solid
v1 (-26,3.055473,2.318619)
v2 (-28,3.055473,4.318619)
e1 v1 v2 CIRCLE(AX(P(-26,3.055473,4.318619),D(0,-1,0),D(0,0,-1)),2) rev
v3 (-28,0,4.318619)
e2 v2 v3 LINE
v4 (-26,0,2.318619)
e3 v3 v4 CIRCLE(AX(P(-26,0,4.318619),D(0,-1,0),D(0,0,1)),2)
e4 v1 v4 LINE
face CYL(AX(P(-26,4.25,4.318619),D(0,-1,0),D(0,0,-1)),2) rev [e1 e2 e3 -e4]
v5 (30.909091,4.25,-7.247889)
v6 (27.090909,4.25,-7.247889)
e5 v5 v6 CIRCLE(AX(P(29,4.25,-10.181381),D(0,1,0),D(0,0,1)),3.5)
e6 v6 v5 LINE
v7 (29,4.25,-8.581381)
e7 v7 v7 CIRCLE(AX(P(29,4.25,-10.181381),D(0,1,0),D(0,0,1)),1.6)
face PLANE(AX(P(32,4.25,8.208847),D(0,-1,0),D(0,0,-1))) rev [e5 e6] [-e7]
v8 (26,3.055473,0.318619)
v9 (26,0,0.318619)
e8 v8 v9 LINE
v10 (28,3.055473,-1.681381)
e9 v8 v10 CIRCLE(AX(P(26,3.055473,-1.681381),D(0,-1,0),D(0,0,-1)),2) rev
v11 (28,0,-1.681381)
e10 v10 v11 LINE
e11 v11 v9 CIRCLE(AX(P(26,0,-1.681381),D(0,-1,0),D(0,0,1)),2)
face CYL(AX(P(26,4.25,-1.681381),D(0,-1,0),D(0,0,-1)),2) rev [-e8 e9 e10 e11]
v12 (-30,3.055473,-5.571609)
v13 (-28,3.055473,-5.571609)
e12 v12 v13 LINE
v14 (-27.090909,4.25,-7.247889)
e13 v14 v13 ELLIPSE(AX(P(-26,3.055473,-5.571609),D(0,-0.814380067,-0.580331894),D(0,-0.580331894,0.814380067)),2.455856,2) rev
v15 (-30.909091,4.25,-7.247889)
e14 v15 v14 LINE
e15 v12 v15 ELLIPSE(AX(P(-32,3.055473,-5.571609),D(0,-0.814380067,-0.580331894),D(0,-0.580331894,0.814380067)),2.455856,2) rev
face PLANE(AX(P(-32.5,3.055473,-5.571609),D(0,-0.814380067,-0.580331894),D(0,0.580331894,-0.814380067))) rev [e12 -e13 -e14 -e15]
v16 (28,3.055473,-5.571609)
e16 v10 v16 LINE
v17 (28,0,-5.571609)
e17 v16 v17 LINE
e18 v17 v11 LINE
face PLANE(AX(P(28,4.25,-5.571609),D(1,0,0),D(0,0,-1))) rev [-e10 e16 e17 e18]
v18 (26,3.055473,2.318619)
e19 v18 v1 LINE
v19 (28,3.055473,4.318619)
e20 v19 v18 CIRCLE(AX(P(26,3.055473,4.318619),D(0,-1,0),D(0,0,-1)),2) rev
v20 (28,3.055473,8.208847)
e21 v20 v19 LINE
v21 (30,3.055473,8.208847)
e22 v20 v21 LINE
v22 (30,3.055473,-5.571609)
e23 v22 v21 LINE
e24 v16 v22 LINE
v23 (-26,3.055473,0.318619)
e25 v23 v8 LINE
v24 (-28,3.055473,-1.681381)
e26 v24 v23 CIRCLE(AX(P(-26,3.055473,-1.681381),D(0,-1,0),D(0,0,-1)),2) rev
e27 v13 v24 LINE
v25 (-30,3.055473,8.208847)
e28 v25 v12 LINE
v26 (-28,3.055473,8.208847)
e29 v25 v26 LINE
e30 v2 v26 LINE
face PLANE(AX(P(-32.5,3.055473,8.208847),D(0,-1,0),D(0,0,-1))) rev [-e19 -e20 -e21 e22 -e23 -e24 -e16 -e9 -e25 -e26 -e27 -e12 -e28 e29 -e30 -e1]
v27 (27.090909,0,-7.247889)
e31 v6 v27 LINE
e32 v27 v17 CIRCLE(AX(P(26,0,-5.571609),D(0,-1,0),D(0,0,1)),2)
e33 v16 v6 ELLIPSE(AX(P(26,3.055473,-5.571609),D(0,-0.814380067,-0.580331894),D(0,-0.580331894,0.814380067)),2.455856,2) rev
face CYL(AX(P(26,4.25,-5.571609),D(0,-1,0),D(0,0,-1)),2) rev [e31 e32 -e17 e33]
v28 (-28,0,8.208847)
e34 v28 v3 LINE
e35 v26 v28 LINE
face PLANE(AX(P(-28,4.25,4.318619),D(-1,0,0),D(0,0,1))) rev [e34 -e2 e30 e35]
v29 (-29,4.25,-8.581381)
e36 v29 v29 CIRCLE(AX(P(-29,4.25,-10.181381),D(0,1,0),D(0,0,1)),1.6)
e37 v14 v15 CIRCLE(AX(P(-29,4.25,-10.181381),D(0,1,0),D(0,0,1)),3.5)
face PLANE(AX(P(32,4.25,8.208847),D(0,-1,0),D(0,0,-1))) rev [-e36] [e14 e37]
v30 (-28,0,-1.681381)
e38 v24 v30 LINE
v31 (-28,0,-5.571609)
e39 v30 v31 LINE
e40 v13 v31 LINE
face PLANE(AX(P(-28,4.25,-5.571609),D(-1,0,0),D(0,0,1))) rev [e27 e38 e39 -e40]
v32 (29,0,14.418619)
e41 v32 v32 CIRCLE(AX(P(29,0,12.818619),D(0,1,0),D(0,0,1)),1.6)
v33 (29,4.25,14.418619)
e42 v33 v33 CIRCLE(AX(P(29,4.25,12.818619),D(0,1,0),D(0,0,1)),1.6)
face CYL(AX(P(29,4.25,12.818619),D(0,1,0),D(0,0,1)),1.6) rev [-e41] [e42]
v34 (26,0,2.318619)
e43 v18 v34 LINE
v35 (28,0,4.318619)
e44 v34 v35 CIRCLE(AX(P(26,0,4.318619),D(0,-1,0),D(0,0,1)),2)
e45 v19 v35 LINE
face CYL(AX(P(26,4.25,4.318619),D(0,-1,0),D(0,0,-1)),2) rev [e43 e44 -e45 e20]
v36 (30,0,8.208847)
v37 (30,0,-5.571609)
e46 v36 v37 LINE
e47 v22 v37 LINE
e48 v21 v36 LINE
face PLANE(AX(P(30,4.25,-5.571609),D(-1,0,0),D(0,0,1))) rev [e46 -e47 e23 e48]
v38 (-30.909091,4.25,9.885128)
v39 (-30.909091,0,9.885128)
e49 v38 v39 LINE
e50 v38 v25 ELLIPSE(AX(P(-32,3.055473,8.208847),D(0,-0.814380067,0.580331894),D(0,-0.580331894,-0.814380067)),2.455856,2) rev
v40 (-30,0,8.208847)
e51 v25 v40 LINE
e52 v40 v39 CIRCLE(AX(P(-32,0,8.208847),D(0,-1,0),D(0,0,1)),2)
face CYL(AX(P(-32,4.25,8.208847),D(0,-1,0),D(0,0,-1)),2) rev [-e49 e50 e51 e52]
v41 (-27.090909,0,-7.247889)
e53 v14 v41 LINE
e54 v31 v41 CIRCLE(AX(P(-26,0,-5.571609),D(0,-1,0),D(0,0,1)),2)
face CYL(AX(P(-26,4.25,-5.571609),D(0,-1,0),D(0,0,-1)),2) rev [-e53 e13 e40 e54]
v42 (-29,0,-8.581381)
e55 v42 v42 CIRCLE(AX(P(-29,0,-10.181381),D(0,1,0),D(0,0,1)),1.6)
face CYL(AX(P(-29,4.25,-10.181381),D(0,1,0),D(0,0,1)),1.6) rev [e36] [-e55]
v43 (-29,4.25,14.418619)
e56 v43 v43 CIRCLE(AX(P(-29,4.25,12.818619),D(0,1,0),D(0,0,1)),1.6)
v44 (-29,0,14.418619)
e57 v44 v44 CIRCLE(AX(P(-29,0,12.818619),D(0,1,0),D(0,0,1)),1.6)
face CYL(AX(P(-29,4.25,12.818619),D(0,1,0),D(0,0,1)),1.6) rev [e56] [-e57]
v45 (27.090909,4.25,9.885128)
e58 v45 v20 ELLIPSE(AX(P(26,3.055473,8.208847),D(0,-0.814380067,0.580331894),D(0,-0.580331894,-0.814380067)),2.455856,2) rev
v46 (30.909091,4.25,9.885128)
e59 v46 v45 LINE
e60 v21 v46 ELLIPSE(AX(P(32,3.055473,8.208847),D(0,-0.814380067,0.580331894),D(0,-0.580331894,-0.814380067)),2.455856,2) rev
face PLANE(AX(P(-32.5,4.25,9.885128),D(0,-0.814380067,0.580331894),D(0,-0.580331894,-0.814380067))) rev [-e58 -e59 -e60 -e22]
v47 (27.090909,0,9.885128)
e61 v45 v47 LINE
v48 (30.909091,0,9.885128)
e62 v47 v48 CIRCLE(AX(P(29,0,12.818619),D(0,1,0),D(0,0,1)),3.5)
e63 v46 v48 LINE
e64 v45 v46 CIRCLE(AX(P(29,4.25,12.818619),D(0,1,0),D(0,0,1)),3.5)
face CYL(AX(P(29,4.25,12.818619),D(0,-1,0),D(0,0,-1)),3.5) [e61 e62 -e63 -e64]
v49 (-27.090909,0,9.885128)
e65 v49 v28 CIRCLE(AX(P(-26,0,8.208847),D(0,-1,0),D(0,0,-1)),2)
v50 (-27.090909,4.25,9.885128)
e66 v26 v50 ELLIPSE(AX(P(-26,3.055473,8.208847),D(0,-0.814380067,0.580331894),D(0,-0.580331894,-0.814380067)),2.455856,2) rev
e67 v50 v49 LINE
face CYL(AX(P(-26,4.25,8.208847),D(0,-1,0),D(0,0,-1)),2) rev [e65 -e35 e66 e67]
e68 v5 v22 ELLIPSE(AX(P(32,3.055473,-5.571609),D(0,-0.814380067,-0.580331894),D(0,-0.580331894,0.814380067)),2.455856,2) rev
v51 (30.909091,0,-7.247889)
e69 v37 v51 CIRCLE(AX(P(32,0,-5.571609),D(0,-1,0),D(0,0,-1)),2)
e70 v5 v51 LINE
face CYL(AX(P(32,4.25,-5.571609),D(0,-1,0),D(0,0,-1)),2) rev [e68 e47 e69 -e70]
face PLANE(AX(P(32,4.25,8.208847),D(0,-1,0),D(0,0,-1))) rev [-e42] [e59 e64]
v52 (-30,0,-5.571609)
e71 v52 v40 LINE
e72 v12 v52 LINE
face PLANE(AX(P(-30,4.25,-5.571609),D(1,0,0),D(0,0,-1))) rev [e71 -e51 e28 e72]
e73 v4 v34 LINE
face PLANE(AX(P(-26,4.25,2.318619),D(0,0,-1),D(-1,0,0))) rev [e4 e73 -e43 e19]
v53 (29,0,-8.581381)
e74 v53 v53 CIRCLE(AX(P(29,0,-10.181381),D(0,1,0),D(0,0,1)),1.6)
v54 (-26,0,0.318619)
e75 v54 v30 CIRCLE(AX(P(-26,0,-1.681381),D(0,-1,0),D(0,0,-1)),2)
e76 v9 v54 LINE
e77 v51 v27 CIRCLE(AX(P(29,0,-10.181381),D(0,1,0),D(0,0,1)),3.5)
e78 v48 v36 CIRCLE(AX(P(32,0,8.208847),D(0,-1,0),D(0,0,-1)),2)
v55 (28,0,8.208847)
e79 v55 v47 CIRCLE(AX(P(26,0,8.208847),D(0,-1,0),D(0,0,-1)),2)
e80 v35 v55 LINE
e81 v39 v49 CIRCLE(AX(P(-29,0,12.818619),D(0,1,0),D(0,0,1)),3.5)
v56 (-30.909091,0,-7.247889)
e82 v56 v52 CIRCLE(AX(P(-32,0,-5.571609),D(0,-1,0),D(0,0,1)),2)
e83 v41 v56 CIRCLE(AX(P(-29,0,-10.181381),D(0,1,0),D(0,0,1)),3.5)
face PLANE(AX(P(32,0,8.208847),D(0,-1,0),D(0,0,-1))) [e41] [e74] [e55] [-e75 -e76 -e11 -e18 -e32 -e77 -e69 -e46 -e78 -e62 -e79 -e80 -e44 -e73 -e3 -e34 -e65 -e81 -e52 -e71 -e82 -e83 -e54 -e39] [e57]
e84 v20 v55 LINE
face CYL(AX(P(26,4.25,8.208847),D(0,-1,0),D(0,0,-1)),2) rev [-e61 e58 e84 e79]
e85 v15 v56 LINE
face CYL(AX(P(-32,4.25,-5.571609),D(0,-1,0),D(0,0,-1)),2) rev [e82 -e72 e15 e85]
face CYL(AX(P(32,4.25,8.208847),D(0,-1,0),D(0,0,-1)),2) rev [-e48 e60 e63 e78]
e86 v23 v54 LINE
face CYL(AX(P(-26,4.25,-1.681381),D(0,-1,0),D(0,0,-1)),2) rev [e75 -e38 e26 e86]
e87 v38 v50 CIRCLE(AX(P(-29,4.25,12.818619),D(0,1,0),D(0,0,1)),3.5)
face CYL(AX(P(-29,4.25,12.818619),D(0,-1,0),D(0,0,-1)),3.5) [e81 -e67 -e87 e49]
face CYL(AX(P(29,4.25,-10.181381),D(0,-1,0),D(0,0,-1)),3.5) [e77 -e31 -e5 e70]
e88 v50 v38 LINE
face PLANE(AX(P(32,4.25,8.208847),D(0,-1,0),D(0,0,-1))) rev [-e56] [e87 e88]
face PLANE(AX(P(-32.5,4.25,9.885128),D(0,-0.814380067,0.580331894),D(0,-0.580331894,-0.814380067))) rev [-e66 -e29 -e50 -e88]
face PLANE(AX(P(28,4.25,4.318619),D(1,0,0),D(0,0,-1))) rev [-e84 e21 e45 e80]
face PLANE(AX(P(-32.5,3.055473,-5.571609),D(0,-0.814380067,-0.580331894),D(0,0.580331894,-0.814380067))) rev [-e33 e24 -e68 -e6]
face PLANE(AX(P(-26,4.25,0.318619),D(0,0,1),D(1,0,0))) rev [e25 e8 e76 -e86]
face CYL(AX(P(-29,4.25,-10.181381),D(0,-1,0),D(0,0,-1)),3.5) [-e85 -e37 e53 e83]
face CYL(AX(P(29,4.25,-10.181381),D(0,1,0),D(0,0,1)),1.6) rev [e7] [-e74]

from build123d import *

# Parameters (mm, degrees)
BOSS_EXTRUDE1_DEPTH        = 4.25
F_3_2_3_2_DIAMETER_HOLE1_D = 3.2
CUT_EXTRUDE1_DEPTH         = 37.614339148
CUT_EXTRUDE1_DEPTH_BACK    = 37.614339148


with BuildPart() as part:
    # Sketch2 → Boss-Extrude1 (new body)
    with BuildSketch(Plane(origin=(0, 0, 0), x_dir=(1, 0, 0), z_dir=(0, 1, 0))):
        with BuildLine():
            Line((-26, -2.318619158), (26, -2.318619158))
            ThreePointArc((26, -2.318619158), (27.414213562, -2.904405596), (28, -4.318619158))
            Line((28, -4.318619158), (28, -8.208846929))
            ThreePointArc((28, -8.208846929), (27.758098146, -9.162309518), (27.090909091, -9.88512774))
            ThreePointArc((27.090909091, -9.88512774), (29, -16.318619158), (30.909090909, -9.88512774))
            ThreePointArc((30.909090909, -9.88512774), (30.241901854, -9.162309518), (30, -8.208846929))
            Line((30, -8.208846929), (30, 5.571608613))
            ThreePointArc((30, 5.571608613), (30.241901854, 6.525071203), (30.909090909, 7.247889424))
            ThreePointArc((30.909090909, 7.247889424), (29, 13.681380842), (27.090909091, 7.247889424))
            ThreePointArc((27.090909091, 7.247889424), (27.758098146, 6.525071203), (28, 5.571608613))
            Line((28, 5.571608613), (28, 1.681380842))
            ThreePointArc((28, 1.681380842), (27.414213562, 0.26716728), (26, -0.318619158))
            Line((26, -0.318619158), (-26, -0.318619158))
            ThreePointArc((-26, -0.318619158), (-27.414213562, 0.26716728), (-28, 1.681380842))
            Line((-28, 1.681380842), (-28, 5.571608613))
            ThreePointArc((-28, 5.571608613), (-27.758098146, 6.525071203), (-27.090909091, 7.247889424))
            ThreePointArc((-27.090909091, 7.247889424), (-29, 13.681380842), (-30.909090909, 7.247889424))
            ThreePointArc((-30.909090909, 7.247889424), (-30.241901854, 6.525071203), (-30, 5.571608613))
            Line((-30, 5.571608613), (-30, -8.208846929))
            ThreePointArc((-30, -8.208846929), (-30.241901854, -9.162309518), (-30.909090909, -9.88512774))
            ThreePointArc((-30.909090909, -9.88512774), (-29, -16.318619158), (-27.090909091, -9.88512774))
            ThreePointArc((-27.090909091, -9.88512774), (-27.758098146, -9.162309518), (-28, -8.208846929))
            Line((-28, -8.208846929), (-28, -4.318619158))
            ThreePointArc((-28, -4.318619158), (-27.414213562, -2.904405596), (-26, -2.318619158))
        make_face()
    extrude(amount=BOSS_EXTRUDE1_DEPTH)

    # Ø3.2 (3.2) Diameter Hole1 (through all)
    with Locations(Plane(origin=(0, 4.25, 0), x_dir=(1, 0, 0), z_dir=(0, 1, 0))):
        with Locations((-29, -12.818619158), (-29, 10.181380842), (29, 10.181380842), (29, -12.818619158)):
            Hole(F_3_2_3_2_DIAMETER_HOLE1_D / 2)

    # Sketch5 → Cut-Extrude1 (cut, two sides: drawn at the far end of the back side and taken through both)
    with BuildSketch(Plane(origin=(0, 0, 0), x_dir=(0, 0, -1), z_dir=(1, 0, 0)).offset(-CUT_EXTRUDE1_DEPTH_BACK)):
        Polygon((-8.208846929, 3.055472707), (5.571608613, 3.055472707), (7.247889424, 4.25), (-9.88512774, 4.25), align=None)
    extrude(amount=CUT_EXTRUDE1_DEPTH + CUT_EXTRUDE1_DEPTH_BACK, mode=Mode.SUBTRACT)


solid = part.part
